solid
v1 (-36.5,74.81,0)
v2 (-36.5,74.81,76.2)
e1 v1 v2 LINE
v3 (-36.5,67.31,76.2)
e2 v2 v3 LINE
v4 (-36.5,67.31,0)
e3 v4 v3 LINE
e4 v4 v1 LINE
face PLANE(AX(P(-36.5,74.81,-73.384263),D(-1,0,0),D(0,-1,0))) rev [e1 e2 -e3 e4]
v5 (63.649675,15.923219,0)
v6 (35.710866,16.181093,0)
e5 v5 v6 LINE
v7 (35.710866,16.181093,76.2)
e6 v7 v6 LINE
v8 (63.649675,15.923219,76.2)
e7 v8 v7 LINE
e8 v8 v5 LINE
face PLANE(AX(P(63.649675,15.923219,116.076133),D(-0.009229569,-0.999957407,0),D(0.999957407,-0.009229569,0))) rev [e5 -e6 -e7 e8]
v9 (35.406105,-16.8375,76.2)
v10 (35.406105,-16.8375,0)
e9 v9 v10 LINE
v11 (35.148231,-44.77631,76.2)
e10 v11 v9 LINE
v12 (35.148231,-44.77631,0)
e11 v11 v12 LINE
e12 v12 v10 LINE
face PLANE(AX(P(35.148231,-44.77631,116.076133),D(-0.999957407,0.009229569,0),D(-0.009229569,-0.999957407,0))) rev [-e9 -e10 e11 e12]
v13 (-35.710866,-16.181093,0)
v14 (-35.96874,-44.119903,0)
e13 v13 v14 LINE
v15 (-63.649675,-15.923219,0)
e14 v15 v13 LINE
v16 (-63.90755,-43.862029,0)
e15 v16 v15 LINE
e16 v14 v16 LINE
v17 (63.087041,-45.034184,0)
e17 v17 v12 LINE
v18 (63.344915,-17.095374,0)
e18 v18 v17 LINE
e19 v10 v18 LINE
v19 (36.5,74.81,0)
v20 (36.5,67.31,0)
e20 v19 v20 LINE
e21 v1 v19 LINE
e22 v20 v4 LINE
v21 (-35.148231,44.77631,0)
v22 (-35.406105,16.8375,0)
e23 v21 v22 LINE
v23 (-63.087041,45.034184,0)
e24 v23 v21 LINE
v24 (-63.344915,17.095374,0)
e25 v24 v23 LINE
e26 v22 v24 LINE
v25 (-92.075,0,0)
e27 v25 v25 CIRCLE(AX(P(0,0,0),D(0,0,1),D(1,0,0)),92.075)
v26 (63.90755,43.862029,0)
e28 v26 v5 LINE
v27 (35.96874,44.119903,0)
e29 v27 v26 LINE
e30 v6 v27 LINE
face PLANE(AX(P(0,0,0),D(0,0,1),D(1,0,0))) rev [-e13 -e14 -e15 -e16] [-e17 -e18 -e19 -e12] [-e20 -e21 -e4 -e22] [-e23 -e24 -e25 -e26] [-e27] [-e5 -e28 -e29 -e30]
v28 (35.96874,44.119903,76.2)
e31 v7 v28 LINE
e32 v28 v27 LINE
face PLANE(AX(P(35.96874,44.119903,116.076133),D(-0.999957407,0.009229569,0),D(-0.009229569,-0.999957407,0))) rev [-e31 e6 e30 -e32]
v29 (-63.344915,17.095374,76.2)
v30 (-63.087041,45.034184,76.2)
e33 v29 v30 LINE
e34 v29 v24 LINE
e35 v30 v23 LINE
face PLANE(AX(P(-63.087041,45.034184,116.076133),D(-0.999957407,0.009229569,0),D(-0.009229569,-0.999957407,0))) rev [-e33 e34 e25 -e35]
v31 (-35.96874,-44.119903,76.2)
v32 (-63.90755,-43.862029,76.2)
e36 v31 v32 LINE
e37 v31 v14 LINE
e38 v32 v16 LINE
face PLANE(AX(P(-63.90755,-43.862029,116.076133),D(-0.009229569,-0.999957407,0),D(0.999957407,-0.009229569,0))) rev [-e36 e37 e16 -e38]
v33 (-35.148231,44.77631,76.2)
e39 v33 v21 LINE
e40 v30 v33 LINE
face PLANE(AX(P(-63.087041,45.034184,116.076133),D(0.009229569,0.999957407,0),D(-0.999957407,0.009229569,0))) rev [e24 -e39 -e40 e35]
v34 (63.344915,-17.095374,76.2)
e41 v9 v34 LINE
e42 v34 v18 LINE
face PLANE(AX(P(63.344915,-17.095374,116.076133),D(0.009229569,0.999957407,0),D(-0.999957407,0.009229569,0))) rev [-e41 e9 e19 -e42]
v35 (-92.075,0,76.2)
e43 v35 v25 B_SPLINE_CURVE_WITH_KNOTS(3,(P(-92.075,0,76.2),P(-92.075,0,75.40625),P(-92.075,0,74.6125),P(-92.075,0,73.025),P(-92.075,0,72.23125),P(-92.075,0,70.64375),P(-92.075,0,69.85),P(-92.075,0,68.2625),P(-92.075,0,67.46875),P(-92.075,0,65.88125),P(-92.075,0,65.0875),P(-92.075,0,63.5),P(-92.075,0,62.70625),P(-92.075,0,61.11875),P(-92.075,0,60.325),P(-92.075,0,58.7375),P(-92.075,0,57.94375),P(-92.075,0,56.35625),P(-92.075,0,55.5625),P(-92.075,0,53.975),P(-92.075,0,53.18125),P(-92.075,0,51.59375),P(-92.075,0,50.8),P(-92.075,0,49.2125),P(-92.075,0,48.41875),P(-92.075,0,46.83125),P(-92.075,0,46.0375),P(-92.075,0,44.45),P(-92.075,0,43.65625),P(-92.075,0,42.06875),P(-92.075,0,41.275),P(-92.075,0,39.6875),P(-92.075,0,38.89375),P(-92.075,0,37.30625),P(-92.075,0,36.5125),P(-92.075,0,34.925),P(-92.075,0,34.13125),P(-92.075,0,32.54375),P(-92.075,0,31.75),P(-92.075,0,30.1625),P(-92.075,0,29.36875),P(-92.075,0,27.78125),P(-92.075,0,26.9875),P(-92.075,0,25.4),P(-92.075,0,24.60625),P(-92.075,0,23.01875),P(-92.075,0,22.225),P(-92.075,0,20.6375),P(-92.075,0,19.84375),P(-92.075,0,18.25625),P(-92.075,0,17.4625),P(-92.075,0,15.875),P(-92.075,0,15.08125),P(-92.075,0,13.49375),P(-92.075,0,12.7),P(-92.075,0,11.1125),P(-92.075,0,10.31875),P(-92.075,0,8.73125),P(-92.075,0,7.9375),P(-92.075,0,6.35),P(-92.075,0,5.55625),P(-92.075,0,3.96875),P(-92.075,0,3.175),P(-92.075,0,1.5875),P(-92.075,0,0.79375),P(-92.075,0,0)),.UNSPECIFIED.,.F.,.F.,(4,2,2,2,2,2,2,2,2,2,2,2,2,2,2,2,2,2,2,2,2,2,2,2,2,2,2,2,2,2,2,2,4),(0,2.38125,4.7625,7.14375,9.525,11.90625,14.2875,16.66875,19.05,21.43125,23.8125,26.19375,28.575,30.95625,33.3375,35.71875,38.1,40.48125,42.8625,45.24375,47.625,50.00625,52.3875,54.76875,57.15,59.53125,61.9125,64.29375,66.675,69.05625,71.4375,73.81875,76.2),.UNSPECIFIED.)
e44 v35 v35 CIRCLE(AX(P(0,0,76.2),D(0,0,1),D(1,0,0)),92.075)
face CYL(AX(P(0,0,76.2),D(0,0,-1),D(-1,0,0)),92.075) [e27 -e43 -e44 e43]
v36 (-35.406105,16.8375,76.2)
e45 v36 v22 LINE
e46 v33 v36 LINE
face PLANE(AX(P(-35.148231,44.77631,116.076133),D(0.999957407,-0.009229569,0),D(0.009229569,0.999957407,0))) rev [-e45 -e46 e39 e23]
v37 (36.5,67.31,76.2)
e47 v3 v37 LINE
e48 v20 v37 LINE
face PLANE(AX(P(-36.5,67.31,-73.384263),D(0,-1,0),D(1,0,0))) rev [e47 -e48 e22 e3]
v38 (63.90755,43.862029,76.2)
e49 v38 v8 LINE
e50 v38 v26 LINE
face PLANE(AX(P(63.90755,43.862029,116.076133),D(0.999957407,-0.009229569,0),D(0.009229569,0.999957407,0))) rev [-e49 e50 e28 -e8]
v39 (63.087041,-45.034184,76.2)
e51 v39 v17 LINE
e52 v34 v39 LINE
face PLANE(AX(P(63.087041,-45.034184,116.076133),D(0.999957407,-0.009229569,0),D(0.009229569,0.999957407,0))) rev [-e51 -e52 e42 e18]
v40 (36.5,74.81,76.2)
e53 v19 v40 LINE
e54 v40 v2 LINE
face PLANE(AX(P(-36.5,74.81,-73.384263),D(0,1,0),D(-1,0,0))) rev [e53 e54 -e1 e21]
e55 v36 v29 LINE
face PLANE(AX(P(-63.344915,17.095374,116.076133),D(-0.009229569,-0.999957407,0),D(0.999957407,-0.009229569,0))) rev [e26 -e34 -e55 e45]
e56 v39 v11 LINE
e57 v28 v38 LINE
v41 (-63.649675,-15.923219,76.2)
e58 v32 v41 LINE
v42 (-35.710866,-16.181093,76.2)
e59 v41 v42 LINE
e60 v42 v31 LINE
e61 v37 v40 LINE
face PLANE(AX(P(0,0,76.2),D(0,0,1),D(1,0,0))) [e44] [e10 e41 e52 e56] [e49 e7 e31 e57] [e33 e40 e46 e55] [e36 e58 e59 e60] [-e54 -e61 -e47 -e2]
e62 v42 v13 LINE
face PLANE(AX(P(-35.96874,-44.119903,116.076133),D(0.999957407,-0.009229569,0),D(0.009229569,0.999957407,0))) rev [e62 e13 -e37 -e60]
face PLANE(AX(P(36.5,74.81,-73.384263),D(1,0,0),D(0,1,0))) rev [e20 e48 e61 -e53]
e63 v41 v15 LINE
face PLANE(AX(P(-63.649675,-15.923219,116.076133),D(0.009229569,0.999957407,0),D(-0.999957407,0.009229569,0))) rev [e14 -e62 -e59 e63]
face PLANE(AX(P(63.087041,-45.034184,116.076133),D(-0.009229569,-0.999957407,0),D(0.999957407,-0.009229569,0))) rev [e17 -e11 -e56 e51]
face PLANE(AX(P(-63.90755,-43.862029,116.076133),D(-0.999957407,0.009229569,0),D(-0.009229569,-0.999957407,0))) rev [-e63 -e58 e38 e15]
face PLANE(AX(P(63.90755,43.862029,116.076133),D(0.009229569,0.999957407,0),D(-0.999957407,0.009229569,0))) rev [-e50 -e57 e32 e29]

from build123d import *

# Parameters (mm, degrees)
SKETCH1_R           = 92.075
BOSS_EXTRUDE1_DEPTH = 76.2
CUT_EXTRUDE3_DEPTH  = 76.2
SKETCH8_W           = 73
SKETCH8_H           = 7.5
CUT_EXTRUDE4_DEPTH  = 76.2


with BuildPart() as part:
    # Sketch1 → Boss-Extrude1 (new body)
    with BuildSketch(Plane.XY):
        with Locations(Location((0, 0, 0), (0, 0, 180))):
            Circle(SKETCH1_R)
    extrude(amount=BOSS_EXTRUDE1_DEPTH)

    # Sketch7 → Cut-Extrude3 (cut)
    with BuildSketch(Plane(origin=(0, 0, 0), x_dir=(-1, 0, 0), z_dir=(0, 0, -1))):
        Polygon((35.148231052, 44.776310186), (35.406105201, 16.837500245), (63.344915142, 17.095374394), (63.087040993, 45.034184335), align=None)
        Polygon((63.649675499, -15.923219173), (35.710865558, -16.181093322), (35.968739707, -44.119903263), (63.907549648, -43.862029114), align=None)
        Polygon((-35.148231052, -44.776310186), (-35.406105201, -16.837500245), (-63.344915142, -17.095374394), (-63.087040993, -45.034184335), align=None)
        Polygon((-63.649675499, 15.923219173), (-35.710865558, 16.181093322), (-35.968739707, 44.119903263), (-63.907549648, 43.862029114), align=None)
    extrude(amount=-CUT_EXTRUDE3_DEPTH, mode=Mode.SUBTRACT)

    # Sketch8 → Cut-Extrude4 (cut)
    with BuildSketch(Plane.XY.offset(76.2)):
        with Locations((0, 71.06)):
            Rectangle(SKETCH8_W, SKETCH8_H)
    extrude(amount=-CUT_EXTRUDE4_DEPTH, mode=Mode.SUBTRACT)


solid = part.part
